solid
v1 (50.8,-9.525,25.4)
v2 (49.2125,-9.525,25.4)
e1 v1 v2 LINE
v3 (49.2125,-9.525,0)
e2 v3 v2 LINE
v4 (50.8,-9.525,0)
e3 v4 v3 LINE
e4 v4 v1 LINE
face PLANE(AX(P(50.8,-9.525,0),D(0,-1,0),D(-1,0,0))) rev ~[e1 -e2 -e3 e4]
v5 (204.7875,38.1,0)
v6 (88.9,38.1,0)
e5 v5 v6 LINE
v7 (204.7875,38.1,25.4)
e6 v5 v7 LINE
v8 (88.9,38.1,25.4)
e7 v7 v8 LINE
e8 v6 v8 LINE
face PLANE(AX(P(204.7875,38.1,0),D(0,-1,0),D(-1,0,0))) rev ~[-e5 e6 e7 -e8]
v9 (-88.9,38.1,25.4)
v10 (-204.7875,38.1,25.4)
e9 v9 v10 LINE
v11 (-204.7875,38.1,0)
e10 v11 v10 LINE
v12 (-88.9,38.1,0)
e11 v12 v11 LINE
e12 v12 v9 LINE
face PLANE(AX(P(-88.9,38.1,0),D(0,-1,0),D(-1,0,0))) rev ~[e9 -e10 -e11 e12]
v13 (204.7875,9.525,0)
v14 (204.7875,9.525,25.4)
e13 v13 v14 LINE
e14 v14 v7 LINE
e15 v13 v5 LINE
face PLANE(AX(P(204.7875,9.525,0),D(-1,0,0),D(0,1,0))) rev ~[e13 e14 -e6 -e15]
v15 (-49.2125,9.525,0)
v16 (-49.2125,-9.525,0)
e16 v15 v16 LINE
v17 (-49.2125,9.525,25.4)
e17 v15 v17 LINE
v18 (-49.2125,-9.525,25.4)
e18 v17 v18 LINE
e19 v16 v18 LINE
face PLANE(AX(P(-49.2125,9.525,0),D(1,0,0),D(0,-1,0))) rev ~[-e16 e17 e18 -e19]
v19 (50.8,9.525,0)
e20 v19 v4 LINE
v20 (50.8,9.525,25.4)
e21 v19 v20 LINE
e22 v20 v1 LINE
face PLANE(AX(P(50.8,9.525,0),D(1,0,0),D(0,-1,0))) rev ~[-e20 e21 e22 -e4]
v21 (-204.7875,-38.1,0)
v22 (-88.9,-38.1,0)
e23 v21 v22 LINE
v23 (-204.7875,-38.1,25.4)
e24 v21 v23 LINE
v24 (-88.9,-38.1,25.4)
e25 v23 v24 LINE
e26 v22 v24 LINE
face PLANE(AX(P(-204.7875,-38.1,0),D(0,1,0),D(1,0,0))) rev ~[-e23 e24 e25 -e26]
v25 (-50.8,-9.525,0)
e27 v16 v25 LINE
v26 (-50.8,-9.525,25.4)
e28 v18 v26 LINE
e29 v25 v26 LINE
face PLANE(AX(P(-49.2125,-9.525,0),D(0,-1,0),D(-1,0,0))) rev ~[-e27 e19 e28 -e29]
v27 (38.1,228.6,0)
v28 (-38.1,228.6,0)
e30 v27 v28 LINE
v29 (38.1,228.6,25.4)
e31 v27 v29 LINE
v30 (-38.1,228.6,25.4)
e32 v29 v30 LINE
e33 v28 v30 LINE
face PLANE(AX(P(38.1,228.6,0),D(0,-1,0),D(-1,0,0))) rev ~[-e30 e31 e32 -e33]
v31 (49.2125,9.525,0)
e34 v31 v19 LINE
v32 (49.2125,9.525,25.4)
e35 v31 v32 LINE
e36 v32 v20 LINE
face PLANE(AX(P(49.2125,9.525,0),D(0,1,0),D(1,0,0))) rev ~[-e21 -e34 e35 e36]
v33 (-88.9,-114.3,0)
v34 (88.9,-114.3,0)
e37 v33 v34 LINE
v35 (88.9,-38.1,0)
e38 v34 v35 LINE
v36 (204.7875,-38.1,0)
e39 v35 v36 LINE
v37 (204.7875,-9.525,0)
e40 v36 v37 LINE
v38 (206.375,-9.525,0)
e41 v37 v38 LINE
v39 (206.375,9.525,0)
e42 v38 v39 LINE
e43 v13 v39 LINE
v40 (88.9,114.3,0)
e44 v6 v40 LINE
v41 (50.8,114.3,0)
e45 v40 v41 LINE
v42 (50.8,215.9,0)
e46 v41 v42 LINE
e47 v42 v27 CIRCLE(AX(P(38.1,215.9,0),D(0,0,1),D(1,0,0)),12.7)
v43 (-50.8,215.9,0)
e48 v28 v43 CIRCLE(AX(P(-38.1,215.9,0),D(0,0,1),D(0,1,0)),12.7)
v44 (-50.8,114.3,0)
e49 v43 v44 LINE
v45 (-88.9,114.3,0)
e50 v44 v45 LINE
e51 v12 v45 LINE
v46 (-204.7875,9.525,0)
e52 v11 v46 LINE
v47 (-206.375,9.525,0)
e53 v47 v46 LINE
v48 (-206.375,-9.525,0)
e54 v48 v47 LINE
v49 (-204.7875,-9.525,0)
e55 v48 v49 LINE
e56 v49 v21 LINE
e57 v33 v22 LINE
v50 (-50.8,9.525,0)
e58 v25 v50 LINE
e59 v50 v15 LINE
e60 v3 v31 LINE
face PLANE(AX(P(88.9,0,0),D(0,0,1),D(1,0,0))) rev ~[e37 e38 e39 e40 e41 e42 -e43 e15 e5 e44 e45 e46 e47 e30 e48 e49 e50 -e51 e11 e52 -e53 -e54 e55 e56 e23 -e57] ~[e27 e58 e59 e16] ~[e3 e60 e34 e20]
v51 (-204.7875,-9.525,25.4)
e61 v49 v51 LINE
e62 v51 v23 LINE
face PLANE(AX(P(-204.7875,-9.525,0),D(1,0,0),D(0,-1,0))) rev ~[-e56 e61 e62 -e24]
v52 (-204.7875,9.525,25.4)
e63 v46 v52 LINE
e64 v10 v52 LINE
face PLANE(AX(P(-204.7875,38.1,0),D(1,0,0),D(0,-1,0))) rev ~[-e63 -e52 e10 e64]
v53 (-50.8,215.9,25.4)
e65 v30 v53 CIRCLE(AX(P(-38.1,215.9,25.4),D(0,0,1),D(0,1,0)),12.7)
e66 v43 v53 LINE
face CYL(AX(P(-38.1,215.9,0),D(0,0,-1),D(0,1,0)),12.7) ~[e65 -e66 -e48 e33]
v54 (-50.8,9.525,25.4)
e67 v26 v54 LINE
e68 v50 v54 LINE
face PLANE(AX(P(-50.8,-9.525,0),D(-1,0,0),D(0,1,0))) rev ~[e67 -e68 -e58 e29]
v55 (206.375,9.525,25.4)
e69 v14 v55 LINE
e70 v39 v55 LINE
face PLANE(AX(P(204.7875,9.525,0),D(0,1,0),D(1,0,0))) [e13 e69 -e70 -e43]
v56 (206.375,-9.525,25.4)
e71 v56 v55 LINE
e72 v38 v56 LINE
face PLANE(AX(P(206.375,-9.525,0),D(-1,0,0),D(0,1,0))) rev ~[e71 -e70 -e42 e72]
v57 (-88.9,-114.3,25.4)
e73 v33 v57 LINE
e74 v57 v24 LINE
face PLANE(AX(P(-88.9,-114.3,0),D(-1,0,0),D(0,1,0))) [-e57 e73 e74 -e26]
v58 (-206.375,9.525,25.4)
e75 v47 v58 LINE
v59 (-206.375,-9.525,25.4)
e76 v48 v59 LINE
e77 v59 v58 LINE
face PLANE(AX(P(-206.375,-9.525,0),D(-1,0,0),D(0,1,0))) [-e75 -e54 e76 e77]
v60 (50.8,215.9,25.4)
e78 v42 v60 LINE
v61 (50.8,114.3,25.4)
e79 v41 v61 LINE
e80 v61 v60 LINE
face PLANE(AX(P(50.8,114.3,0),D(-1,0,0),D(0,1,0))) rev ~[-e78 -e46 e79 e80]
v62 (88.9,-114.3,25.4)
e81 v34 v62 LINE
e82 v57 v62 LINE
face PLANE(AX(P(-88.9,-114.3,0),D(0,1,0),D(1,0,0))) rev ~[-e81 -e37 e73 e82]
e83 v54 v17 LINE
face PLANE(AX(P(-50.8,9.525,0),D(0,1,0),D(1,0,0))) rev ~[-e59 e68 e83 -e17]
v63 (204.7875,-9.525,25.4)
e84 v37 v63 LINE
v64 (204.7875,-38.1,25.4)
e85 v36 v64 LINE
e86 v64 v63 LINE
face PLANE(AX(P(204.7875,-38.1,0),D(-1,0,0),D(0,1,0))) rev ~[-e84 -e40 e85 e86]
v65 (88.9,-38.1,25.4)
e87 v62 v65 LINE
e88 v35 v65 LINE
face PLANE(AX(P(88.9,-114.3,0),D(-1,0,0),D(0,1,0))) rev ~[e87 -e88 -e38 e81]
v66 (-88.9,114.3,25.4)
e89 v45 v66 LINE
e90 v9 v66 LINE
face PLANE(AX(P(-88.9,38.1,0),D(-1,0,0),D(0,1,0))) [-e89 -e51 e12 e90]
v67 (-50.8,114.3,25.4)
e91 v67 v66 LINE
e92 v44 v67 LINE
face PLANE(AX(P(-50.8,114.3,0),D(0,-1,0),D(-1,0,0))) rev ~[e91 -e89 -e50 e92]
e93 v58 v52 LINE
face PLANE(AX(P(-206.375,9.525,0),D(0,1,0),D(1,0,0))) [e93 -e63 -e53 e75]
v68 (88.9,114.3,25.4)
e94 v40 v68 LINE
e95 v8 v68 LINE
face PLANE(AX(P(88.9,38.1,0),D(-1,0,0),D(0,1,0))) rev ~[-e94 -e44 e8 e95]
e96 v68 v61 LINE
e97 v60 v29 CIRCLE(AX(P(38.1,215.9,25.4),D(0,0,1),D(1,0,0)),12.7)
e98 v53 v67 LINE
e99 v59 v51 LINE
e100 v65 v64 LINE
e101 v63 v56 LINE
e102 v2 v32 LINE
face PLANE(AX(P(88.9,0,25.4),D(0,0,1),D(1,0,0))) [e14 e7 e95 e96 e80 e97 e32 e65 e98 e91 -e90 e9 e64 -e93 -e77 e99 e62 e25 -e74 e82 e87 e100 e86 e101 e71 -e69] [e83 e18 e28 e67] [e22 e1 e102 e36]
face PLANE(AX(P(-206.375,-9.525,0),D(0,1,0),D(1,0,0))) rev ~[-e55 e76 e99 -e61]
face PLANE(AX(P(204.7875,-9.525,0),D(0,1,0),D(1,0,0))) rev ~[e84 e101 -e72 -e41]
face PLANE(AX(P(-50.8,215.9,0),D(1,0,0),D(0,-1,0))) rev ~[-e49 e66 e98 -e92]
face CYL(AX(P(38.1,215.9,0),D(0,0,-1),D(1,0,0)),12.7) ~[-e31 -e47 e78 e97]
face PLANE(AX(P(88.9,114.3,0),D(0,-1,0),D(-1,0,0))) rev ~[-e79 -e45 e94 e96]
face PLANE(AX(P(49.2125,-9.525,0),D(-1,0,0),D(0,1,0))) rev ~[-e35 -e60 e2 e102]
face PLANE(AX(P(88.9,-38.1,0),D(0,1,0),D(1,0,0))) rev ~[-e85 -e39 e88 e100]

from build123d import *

# Parameters (mm, degrees)
F0_W     = 38.1
F0_H     = 76.2
F0_W_2   = 101.6
F0_W_3   = 1.5875
F0_H_2   = 19.05
F1_DEPTH = 25.4


with BuildPart() as f1:
    # F0 (on Top) → F1 (new body)
    with BuildSketch(Plane.XY):
        Polygon((88.9, 38.1), (50.8, 38.1), (50.8, 9.525), (50.8, -9.525), (50.8, -38.1), (88.9, -38.1), (127, -38.1), (127, 38.1), align=None)
        with Locations((69.85, 76.2)):
            Rectangle(F0_W, F0_H)
        with Locations((0, 76.2)):
            Rectangle(F0_W_2, F0_H)
        Polygon((-50.8, 9.525), (-50.8, 38.1), (-88.9, 38.1), (-127, 38.1), (-127, -38.1), (-88.9, -38.1), (-50.8, -38.1), (-50.8, -9.525), align=None)
        with Locations((-69.85, 76.2)):
            Rectangle(F0_W, F0_H)
        with Locations((0, 152.4)):
            Rectangle(F0_W_2, F0_H)
        with Locations((127.79375, 0)):
            Rectangle(F0_W_3, F0_H)
        with BuildLine():
            Line((-50.8, 190.5), (50.8, 190.5))
            Line((50.8, 190.5), (50.8, 215.9))
            ThreePointArc((50.8, 215.9), (47.0802561211, 224.8802561211), (38.1, 228.6))
            Line((38.1, 228.6), (-38.1, 228.6))
            ThreePointArc((-38.1, 228.6), (-47.0802561211, 224.8802561211), (-50.8, 215.9))
            Line((-50.8, 215.9), (-50.8, 190.5))
        make_face()
        with Locations((-127.79375, 0)):
            Rectangle(F0_W_3, F0_H)
        with Locations((0, -76.2)):
            Rectangle(F0_W_2, F0_H)
        with Locations((69.85, -76.2)):
            Rectangle(F0_W, F0_H)
        Polygon((204.7875, 38.1), (128.5875, 38.1), (128.5875, -38.1), (204.7875, -38.1), (204.7875, -9.525), (204.7875, 9.525), align=None)
        with Locations((-69.85, -76.2)):
            Rectangle(F0_W, F0_H)
        Polygon((-128.5875, -38.1), (-128.5875, 38.1), (-204.7875, 38.1), (-204.7875, 9.525), (-204.7875, -9.525), (-204.7875, -38.1), align=None)
        with Locations((205.58125, 0)):
            Rectangle(F0_W_3, F0_H_2)
        with Locations((-205.58125, 0)):
            Rectangle(F0_W_3, F0_H_2)
        Polygon((50.8, 9.525), (50.8, 38.1), (-50.8, 38.1), (-50.8, 9.525), (-49.2125, 9.525), (-49.2125, -9.525), (-50.8, -9.525), (-50.8, -38.1), (50.8, -38.1), (50.8, -9.525), (49.2125, -9.525), (49.2125, 9.525), align=None)
    extrude(amount=F1_DEPTH)


solid = f1.part
